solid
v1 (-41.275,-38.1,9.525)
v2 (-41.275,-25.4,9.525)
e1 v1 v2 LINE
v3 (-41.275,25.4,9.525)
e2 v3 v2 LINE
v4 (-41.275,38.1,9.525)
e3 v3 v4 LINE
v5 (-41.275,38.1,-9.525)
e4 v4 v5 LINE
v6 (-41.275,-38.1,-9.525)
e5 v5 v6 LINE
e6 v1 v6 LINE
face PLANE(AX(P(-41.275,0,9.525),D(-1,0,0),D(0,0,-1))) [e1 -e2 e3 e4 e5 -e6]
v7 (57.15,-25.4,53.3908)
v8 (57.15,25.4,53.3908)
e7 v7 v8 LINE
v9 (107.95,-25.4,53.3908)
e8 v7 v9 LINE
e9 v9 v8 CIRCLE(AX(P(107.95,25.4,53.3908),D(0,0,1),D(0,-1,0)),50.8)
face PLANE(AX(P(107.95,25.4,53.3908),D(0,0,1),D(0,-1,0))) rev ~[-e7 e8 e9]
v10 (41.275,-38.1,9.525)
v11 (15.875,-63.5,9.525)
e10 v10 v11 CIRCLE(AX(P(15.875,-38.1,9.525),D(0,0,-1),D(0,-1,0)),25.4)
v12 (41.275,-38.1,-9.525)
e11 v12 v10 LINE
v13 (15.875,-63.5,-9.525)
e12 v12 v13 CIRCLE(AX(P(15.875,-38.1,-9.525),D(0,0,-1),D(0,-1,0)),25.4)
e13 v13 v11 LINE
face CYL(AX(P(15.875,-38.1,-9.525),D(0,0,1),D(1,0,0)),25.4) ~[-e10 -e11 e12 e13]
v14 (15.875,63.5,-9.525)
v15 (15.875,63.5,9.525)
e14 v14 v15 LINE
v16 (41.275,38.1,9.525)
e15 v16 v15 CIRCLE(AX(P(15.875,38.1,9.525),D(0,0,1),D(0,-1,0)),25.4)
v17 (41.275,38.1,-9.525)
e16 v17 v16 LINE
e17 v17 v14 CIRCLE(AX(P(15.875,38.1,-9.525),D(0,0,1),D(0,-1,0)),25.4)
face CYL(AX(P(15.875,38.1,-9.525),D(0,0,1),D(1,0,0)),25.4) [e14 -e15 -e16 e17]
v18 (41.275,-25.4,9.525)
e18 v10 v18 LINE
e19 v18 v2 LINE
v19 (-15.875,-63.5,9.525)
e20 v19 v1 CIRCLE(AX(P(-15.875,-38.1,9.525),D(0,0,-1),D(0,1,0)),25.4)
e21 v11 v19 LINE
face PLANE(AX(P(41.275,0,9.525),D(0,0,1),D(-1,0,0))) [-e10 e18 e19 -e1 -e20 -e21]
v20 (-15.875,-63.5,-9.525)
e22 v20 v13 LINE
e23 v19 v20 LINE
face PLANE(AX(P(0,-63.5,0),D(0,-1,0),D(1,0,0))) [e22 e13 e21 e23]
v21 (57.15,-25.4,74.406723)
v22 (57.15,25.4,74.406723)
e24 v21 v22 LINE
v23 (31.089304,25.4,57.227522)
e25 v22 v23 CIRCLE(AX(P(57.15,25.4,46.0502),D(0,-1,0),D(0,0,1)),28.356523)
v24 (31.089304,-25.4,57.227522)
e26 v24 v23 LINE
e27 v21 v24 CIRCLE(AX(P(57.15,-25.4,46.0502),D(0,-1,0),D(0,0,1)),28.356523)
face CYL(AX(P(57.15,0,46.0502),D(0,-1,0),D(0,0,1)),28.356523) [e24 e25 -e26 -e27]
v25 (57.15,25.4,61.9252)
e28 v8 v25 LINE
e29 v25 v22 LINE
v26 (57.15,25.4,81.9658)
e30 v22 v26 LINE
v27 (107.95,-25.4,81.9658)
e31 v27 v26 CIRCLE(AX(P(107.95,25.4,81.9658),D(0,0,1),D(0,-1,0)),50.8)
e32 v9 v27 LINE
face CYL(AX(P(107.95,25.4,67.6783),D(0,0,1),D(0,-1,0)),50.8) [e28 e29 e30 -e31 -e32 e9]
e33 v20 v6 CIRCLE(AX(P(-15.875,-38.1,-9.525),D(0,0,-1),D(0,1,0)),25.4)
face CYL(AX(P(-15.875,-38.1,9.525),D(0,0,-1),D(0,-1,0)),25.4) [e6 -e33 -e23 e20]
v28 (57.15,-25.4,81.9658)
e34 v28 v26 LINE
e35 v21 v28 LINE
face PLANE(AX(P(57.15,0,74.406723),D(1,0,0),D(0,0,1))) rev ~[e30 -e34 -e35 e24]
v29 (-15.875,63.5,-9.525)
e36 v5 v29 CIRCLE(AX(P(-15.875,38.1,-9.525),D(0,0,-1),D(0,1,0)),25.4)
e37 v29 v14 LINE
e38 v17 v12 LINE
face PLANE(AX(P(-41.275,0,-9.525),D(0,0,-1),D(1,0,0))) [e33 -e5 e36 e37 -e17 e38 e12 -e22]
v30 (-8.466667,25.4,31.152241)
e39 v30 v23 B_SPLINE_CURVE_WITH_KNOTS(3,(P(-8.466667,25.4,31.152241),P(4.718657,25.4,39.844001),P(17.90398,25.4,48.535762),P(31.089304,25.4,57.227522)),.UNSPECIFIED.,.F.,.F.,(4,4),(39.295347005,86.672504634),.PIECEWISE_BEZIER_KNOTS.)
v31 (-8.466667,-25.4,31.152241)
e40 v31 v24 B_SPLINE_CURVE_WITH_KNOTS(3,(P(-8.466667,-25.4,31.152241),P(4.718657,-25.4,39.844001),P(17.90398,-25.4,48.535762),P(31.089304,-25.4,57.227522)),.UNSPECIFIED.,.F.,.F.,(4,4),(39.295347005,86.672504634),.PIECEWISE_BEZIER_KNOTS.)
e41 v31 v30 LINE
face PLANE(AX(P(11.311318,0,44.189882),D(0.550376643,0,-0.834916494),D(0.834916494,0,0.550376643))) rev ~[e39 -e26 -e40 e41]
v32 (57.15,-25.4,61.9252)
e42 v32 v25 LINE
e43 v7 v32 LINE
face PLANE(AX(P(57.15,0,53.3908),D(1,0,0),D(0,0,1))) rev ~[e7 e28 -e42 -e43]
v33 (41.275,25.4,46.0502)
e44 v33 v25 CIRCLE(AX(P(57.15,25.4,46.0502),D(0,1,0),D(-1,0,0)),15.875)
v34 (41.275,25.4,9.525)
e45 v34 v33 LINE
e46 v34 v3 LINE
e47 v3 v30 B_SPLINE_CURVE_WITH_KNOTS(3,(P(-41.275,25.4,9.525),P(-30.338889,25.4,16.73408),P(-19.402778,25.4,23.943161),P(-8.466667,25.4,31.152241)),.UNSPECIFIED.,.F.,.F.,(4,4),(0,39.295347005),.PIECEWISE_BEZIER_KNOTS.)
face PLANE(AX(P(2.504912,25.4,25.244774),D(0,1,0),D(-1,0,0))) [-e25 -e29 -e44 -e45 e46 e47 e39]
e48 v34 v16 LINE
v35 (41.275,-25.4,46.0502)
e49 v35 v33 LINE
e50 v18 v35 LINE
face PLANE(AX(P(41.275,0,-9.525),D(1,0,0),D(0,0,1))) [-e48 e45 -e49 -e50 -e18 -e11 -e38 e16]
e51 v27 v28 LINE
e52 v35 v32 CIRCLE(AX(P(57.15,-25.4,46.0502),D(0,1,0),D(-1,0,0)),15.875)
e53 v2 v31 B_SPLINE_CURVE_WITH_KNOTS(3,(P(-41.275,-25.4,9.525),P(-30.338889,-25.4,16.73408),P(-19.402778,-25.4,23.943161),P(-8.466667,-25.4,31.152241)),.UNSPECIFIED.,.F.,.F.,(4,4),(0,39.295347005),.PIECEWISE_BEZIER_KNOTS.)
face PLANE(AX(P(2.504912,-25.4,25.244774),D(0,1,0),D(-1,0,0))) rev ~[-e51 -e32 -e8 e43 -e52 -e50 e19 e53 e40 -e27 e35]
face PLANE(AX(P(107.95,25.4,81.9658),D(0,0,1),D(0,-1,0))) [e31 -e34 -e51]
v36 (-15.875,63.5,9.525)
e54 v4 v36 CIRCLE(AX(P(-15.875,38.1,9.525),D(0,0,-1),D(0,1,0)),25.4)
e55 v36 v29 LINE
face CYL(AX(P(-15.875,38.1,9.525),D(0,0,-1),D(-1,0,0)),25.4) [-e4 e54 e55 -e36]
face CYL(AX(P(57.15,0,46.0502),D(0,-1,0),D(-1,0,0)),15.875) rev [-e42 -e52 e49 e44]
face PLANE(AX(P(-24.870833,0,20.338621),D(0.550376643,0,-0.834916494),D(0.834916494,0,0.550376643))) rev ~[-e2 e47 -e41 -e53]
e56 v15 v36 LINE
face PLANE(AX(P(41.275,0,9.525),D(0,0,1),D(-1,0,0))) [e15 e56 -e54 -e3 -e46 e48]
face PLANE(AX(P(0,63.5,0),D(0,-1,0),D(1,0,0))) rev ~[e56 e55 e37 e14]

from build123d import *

# Parameters (mm, degrees)
F1_DEPTH  = 63.5
F0_W      = 15.1688941348
F0_H      = 12.481523478
F0_H_2    = 7.559076522
F0_H_3    = 8.5344
F2_DEPTH  = 25.4
F2_FACE_W = 50.8
F2_FACE_H = 28.575
F4_R      = 25.4
F5_R      = 25.4


with BuildPart() as f1:
    # F0 (on Front) → F1 (new body, symmetric)
    with BuildSketch(Plane.XZ):
        Polygon((28.793476522, 9.525), (-41.275, 9.525), (-41.275, -9.525), (41.275, -9.525), (41.275, 9.525), align=None)
    extrude(amount=F1_DEPTH, both=True)

    # F0 (on Front) → F2 (join, symmetric)
    with BuildSketch(Plane.XZ):
        with BuildLine():
            add(Edge.make_bspline(
                [(-41.275, 9.525), (-30.3388888889, 16.7340803864), (-19.4027777778, 23.9431607729), (-8.4666666667, 31.1522411593)],
                knots=[0, 0, 0, 0, 39.2953470054, 39.2953470054, 39.2953470054, 39.2953470054], degree=3))
            Line((-41.275, 9.525), (28.793476522, 9.525))
            Line((28.793476522, 9.525), (28.793476522, 46.0502))
            ThreePointArc((28.793476522, 46.0502), (29.3733625905, 51.7555341689), (31.0893036536, 57.2275221166))
            add(Edge.make_bspline(
                [(-8.4666666667, 31.1522411593), (4.7186567734, 39.8440014784), (17.9039802135, 48.5357617975), (31.0893036536, 57.2275221166)],
                knots=[39.2953470054, 39.2953470054, 39.2953470054, 39.2953470054, 86.6725046341, 86.6725046341, 86.6725046341, 86.6725046341], degree=3))
        make_face()
        Polygon((28.793476522, 9.525), (-41.275, 9.525), (-41.275, -9.525), (41.275, -9.525), (41.275, 9.525), align=None)
        with BuildLine():
            Line((28.793476522, 46.0502), (28.793476522, 9.525))
            Line((28.793476522, 9.525), (41.275, 9.525))
            Line((41.275, 9.525), (41.275, 46.0502))
            ThreePointArc((41.275, 46.0502), (45.9246798487, 57.2755201513), (57.15, 61.9252))
            Line((57.15, 61.9252), (57.15, 74.406723478))
            add(Edge.make_bspline(
                [(31.0893036536, 57.2275221166), (39.7762024357, 62.9539225704), (48.4631012179, 68.6803230242), (57.15, 74.406723478)],
                knots=[86.6725046341, 86.6725046341, 86.6725046341, 86.6725046341, 117.8860410162, 117.8860410162, 117.8860410162, 117.8860410162], degree=3))
            ThreePointArc((31.0893036536, 57.2275221166), (29.3733625905, 51.7555341689), (28.793476522, 46.0502))
        make_face()
        with BuildLine():
            ThreePointArc((57.15, 74.406723478), (41.543231809, 69.7255291506), (31.0893036536, 57.2275221166))
            add(Edge.make_bspline(
                [(31.0893036536, 57.2275221166), (39.7762024357, 62.9539225704), (48.4631012179, 68.6803230242), (57.15, 74.406723478)],
                knots=[86.6725046341, 86.6725046341, 86.6725046341, 86.6725046341, 117.8860410162, 117.8860410162, 117.8860410162, 117.8860410162], degree=3))
        make_face()
        with Locations((64.7344470674, 68.165961739)):
            Rectangle(F0_W, F0_H)
        with Locations((64.7344470674, 78.186261739)):
            Rectangle(F0_W, F0_H_2)
        with Locations((64.7344470674, 57.658)):
            Rectangle(F0_W, F0_H_3)
        Polygon((72.3188941348, 81.9658), (72.3188941348, 74.406723478), (72.3188941348, 61.9252), (72.3188941348, 53.3908), (107.95, 53.3908), (107.95, 81.9658), align=None)
    extrude(amount=F2_DEPTH, both=True)

    # F2_face (on face) → F3 (revolve)
    with BuildSketch(Plane(origin=(107.95, 0, 67.6783), x_dir=(0, 1, 0), z_dir=(1, 0, 0))):
        Rectangle(F2_FACE_W, F2_FACE_H)
    revolve(axis=Axis((107.95, 25.4, 67.6783), (0, 0, 1)))

    # F4
    f4_edges = [f1.edges().sort_by_distance(p)[0] for p in [
        (41.275, -63.5, 0),
        (-41.275, -63.5, 0),
    ]]
    fillet(f4_edges, radius=F4_R)

    # F5
    f5_edges = [f1.edges().sort_by_distance(p)[0] for p in [
        (-41.275, 63.5, 0),
        (41.275, 63.5, 0),
    ]]
    fillet(f5_edges, radius=F5_R)


solid = f1.part
